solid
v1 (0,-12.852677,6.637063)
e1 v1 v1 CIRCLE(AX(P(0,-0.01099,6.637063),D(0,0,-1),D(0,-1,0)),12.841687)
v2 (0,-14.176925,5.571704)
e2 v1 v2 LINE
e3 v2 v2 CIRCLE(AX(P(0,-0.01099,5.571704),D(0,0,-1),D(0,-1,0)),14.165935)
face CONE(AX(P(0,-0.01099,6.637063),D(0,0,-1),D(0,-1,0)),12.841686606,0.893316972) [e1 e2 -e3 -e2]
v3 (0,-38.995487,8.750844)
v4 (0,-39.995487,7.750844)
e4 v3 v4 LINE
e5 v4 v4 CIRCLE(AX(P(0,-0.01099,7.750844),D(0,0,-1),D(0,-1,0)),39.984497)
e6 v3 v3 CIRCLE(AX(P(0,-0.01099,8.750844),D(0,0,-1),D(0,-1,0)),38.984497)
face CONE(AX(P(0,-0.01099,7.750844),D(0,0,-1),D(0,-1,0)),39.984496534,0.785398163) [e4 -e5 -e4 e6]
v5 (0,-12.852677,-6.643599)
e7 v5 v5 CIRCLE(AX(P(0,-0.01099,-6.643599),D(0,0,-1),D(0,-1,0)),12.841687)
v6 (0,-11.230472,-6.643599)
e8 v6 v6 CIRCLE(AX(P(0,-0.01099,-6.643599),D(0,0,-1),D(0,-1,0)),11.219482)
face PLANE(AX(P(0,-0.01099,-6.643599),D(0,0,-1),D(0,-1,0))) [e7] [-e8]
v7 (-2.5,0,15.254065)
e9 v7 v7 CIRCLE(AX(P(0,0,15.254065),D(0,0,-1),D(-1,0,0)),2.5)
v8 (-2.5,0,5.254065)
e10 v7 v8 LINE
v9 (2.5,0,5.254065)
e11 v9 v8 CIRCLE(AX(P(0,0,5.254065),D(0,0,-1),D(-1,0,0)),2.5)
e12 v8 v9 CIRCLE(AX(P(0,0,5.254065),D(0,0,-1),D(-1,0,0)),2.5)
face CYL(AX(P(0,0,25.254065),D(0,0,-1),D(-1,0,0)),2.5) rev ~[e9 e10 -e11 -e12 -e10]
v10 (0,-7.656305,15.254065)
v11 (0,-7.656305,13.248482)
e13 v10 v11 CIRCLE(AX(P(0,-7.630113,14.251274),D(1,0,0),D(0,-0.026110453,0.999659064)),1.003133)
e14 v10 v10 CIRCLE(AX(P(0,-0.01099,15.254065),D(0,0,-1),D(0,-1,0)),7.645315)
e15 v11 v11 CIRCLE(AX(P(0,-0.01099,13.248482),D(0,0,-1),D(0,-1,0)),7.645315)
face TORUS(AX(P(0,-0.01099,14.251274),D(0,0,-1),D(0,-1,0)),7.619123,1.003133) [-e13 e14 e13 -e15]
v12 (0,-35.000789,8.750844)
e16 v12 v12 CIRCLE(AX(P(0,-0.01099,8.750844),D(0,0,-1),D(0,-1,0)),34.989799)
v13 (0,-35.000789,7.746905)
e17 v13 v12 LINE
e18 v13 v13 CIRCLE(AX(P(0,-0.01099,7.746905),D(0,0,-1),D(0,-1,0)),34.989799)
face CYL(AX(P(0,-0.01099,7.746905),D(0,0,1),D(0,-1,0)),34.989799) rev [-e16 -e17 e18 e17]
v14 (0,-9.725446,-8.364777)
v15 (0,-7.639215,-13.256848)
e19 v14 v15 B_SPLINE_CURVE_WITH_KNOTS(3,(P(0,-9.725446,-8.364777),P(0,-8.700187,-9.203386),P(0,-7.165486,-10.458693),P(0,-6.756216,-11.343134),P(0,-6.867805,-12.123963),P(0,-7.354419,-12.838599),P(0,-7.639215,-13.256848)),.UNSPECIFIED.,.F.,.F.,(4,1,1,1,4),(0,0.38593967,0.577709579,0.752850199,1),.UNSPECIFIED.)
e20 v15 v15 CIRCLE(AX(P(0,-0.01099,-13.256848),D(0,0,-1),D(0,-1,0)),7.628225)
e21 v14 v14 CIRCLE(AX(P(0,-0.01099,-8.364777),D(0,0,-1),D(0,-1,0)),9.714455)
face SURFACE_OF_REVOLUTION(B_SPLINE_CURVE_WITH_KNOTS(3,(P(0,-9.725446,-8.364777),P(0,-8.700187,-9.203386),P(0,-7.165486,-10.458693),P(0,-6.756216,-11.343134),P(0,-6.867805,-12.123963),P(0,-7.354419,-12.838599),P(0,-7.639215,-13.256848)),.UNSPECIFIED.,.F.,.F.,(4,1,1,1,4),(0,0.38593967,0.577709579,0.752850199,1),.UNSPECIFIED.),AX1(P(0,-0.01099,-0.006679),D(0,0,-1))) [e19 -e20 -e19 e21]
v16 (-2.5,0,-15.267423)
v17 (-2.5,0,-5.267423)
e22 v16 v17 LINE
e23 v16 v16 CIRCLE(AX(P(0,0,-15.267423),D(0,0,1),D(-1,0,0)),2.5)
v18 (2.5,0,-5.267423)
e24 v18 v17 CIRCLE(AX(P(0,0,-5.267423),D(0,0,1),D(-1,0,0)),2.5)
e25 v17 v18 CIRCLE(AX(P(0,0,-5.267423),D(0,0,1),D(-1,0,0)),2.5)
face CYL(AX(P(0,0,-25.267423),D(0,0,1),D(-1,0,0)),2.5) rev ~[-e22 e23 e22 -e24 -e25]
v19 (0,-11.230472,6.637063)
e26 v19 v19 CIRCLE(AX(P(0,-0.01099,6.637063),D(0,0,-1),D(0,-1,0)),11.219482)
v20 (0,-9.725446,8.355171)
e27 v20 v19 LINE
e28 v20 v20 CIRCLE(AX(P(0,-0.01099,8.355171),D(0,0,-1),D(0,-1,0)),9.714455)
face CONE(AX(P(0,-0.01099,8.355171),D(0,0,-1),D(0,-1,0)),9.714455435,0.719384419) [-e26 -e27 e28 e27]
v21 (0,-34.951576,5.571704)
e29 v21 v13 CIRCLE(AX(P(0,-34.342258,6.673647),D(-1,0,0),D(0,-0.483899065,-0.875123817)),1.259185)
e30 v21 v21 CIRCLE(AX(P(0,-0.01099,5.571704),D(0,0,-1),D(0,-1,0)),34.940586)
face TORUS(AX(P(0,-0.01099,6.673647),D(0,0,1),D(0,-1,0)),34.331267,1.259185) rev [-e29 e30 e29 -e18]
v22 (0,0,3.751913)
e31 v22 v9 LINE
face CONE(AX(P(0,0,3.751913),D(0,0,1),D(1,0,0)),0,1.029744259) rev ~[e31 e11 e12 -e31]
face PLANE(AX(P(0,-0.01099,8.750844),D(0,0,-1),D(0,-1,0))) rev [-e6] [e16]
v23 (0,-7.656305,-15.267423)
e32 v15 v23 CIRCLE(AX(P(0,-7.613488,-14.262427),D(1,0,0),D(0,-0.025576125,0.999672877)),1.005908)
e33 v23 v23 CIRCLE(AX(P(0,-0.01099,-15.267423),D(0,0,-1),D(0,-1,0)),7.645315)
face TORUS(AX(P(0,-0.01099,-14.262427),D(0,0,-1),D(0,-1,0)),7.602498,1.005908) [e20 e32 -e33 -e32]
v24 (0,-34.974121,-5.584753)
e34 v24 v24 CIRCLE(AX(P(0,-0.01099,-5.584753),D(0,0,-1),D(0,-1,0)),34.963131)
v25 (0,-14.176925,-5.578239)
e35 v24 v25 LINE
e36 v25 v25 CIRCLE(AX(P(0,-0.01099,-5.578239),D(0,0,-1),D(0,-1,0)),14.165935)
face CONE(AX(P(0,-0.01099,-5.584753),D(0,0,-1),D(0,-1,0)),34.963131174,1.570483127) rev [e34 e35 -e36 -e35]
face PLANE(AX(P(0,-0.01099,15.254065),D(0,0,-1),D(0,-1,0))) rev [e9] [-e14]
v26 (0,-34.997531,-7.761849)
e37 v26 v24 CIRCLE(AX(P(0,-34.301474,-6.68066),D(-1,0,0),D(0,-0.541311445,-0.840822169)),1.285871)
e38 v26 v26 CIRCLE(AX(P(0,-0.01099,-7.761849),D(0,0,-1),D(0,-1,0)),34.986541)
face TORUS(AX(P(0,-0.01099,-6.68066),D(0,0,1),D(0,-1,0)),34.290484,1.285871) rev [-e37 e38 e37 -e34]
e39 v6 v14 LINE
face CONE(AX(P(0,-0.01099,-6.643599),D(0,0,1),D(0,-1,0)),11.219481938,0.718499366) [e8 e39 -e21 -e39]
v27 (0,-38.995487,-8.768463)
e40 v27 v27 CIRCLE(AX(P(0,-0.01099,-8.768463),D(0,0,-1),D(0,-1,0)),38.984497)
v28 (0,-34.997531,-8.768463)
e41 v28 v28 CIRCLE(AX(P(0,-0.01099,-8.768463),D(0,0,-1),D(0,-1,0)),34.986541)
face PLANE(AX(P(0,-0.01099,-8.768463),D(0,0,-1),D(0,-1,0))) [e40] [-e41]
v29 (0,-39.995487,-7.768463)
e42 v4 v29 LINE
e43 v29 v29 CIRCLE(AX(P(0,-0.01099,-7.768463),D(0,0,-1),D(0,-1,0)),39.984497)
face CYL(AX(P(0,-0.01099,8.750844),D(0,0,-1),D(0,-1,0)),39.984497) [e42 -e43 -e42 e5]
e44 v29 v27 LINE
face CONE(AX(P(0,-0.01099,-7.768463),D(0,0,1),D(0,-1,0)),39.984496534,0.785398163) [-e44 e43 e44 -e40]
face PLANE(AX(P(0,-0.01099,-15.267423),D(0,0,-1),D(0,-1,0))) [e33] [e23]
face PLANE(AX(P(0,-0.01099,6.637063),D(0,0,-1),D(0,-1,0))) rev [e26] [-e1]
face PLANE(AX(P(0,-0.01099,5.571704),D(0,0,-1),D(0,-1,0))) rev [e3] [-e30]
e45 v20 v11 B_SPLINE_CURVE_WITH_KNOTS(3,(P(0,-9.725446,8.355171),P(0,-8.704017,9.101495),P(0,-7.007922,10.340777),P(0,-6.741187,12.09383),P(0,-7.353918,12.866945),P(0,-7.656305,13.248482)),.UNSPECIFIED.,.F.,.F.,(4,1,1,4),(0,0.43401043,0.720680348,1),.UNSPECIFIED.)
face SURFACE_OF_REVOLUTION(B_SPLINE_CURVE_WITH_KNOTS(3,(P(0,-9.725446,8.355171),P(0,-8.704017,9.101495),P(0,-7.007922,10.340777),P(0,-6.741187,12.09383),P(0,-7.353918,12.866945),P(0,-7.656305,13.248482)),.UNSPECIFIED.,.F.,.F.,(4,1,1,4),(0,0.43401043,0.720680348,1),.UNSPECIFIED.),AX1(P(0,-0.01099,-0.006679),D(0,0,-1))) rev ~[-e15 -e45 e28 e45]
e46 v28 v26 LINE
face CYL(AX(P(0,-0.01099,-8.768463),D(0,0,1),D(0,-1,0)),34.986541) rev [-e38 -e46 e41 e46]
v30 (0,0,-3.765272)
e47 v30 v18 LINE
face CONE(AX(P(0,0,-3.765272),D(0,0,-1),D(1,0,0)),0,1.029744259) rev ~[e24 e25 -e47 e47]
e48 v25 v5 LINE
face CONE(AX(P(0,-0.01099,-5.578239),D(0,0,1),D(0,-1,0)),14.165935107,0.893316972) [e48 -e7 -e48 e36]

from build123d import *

# Parameters (mm, degrees)
F2_SIZE  = 1
F4_D     = 5
F4_DEPTH = 10
F4_TIP   = 1.5021515476
F6_D     = 5
F6_DEPTH = 10
F6_TIP   = 1.5021515476


with BuildPart() as f1:
    # F0 (on Right) → F1 (revolve)
    with BuildSketch(Plane.YZ):
        with BuildLine():
            Line((-34.9975310415, -8.7684630316), (-34.9975310415, -7.7618486148))
            ThreePointArc((-34.9975310415, -7.7618486148), (-35.5872711621, -6.666833685), (-34.9741213173, -5.5847531085))
            Line((-34.9741213173, -5.5847531085), (-14.1769252494, -5.5782394384))
            Line((-14.1769252494, -5.5782394384), (-12.8526767492, -6.6435985056))
            Line((-12.8526767492, -6.6435985056), (-11.2304720804, -6.6435985056))
            Line((-11.2304720804, -6.6435985056), (-9.7254455775, -8.3647767839))
            add(Edge.make_bspline(
                [(-9.7254455775, -8.3647767839), (-8.7001865952, -9.2033861201), (-7.165485756, -10.4586928029), (-6.7562155938, -11.3431335449), (-6.8678049942, -12.1239632421), (-7.3544191168, -12.8385994121), (-7.6392150238, -13.2568475616)],
                knots=[0, 0, 0, 0, 0.3859396697, 0.577709579, 0.7528501991, 1, 1, 1, 1], degree=3))
            ThreePointArc((-7.6392150238, -13.2568475616), (-8.6193595775, -14.2538765484), (-7.6563052587, -15.2674230573))
            Line((-7.6563052587, -15.2674230573), (-0.0109901428, -15.2674230573))
            Line((-0.0109901428, -15.2674230573), (-0.0109901428, 15.2540649536))
            Line((-0.0109901428, 15.2540649536), (-7.6563052587, 15.2540649536))
            ThreePointArc((-7.6563052587, 15.2540649536), (-8.6332463343, 14.251273616), (-7.6563052587, 13.2484822783))
            add(Edge.make_bspline(
                [(-9.7254455775, 8.3551705132), (-8.704017331, 9.1014948435), (-7.007921539, 10.3407767611), (-6.7411869918, 12.0938302294), (-7.3539182635, 12.8669449664), (-7.6563052587, 13.2484822783)],
                knots=[0, 0, 0, 0, 0.4340104304, 0.7206803485, 1, 1, 1, 1], degree=3))
            Line((-9.7254455775, 8.3551705132), (-11.2304720804, 6.6370632711))
            Line((-11.2304720804, 6.6370632711), (-12.8526767492, 6.6370632711))
            Line((-12.8526767492, 6.6370632711), (-14.1769252494, 5.5717042039))
            Line((-14.1769252494, 5.5717042039), (-23.0125773847, 5.5717042039))
            Line((-23.0125773847, 5.5717042039), (-34.9515758604, 5.5717042039))
            ThreePointArc((-34.9515758604, 5.5717042039), (-35.6011201814, 6.6451656288), (-35.0007888079, 7.7469049345))
            Line((-35.0007888079, 7.7469049345), (-35.0007888079, 8.7508441272))
            Line((-35.0007888079, 8.7508441272), (-39.9954866767, 8.7508441272))
            Line((-39.9954866767, 8.7508441272), (-39.9954866767, -8.7684630316))
            Line((-39.9954866767, -8.7684630316), (-34.9975310415, -8.7684630316))
        make_face()
    revolve(axis=Axis((0, -0.0109901428, -0.0066790518), (0, 0, -1)))

    # F2
    f2_edges = [f1.edges().sort_by_distance(p)[0] for p in [
        (0, 39.973506, 8.750844),
        (0, 39.973506, -8.768463),
    ]]
    chamfer(f2_edges, length=F2_SIZE)

    # F4
    with Locations(Plane.XY.offset(15.2540649536)):
        with Locations((0, 0)):
            Hole(F4_D / 2, depth=F4_DEPTH)
            with Locations((0, 0, -(F4_DEPTH + F4_TIP / 2))):  # 118° drill point
                Cone(0, F4_D / 2, F4_TIP, mode=Mode.SUBTRACT)

    # F6
    with Locations(Plane(origin=(0, 0, -15.2674230573), x_dir=(1, 0, 0), z_dir=(0, 0, -1))):
        with Locations((0, 0)):
            Hole(F6_D / 2, depth=F6_DEPTH)
            with Locations((0, 0, -(F6_DEPTH + F6_TIP / 2))):  # 118° drill point
                Cone(0, F6_D / 2, F6_TIP, mode=Mode.SUBTRACT)


solid = f1.part
